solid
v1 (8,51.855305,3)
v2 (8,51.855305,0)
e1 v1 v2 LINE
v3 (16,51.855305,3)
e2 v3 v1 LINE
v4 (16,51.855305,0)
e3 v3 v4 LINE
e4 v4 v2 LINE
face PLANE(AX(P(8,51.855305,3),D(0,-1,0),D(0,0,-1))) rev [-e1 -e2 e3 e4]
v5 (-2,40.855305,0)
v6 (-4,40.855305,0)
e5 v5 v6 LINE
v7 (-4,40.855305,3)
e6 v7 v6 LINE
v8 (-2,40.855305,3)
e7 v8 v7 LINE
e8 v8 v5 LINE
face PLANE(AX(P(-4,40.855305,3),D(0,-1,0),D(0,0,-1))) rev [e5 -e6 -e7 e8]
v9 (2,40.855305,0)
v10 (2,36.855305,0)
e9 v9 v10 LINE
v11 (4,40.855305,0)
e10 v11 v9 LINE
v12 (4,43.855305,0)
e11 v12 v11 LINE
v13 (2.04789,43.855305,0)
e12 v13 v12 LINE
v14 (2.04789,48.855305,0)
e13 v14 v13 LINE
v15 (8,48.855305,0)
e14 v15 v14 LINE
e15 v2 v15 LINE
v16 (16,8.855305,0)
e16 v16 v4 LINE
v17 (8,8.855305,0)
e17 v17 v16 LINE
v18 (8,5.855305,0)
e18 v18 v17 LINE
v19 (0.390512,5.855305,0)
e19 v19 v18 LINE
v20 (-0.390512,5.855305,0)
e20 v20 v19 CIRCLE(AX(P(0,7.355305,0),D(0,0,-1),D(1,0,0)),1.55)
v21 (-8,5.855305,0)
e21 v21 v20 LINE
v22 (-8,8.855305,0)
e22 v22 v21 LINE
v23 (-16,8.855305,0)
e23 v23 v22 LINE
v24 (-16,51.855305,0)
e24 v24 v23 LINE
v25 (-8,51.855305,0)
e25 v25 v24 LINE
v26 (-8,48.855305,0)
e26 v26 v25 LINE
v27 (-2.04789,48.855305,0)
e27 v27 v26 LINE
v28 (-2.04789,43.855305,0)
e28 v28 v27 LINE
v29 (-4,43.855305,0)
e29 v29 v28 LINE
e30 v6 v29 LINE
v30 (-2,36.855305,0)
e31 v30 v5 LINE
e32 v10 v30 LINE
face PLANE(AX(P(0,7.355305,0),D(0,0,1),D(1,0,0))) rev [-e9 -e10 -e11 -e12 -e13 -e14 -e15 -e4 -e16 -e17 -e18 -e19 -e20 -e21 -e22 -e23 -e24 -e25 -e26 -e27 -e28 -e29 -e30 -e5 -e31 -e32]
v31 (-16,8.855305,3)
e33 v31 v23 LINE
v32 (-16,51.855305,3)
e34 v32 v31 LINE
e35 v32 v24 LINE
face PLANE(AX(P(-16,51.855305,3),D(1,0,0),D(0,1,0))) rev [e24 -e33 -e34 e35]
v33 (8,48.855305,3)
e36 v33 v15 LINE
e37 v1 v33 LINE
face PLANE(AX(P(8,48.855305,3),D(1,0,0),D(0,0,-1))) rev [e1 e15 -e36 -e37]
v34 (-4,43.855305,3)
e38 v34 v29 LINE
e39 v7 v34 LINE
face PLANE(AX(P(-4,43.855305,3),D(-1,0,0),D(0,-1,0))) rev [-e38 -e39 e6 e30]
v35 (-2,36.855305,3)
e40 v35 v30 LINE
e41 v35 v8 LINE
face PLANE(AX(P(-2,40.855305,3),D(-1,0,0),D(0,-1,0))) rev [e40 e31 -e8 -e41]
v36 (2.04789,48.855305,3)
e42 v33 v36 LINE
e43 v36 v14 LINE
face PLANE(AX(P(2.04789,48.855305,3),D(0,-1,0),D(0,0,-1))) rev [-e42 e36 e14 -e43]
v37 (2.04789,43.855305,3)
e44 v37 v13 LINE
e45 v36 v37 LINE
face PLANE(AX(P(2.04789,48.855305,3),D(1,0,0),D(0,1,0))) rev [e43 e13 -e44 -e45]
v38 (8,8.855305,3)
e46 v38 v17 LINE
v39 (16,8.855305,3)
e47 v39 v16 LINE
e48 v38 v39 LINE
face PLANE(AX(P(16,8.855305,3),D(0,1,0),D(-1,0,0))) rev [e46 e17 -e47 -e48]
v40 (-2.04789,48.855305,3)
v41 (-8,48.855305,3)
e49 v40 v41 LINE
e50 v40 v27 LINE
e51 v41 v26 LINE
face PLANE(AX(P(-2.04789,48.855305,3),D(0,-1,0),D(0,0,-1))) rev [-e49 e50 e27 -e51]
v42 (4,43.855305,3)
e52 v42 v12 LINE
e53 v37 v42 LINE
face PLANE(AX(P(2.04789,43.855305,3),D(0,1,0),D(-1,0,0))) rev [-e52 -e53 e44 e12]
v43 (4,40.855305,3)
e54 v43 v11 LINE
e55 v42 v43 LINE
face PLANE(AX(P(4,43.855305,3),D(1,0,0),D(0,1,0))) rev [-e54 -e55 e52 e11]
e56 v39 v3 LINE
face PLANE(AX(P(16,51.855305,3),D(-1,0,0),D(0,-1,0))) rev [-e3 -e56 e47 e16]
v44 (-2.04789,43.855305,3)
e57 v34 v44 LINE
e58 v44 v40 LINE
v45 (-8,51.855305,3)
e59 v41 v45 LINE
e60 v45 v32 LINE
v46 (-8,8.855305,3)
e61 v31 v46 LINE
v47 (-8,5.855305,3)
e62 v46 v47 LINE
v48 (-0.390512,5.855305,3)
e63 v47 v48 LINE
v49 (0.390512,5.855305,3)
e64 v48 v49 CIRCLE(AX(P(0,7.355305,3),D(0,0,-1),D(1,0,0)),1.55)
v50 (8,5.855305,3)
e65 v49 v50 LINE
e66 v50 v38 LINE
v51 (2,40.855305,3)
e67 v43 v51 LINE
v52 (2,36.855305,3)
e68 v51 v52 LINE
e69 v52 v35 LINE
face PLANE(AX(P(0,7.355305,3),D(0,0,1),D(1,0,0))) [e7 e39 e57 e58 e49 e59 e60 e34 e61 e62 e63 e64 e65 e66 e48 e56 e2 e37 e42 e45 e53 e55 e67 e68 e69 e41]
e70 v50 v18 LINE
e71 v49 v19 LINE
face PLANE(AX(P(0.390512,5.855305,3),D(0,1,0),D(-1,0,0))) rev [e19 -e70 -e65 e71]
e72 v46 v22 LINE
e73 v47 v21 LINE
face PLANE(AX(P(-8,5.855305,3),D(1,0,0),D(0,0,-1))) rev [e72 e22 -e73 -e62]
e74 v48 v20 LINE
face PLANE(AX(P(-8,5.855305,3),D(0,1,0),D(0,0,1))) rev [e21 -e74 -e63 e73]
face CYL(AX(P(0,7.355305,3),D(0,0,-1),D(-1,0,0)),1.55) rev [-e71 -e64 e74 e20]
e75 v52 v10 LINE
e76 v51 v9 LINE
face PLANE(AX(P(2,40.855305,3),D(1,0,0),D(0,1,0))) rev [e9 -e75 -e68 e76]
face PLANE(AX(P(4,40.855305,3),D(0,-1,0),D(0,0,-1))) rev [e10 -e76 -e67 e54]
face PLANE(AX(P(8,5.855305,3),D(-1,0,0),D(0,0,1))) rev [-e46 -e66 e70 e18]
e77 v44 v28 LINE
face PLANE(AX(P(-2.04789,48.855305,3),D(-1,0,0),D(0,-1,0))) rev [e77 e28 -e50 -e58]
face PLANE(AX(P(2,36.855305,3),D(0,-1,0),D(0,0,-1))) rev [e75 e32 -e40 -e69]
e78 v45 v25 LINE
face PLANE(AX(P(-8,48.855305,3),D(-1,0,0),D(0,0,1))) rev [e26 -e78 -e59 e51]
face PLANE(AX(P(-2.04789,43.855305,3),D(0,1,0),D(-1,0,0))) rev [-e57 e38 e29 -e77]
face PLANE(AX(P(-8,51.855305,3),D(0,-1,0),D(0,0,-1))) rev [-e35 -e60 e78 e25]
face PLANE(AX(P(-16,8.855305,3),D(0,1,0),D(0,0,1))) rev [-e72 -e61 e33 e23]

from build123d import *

# Parameters (mm, degrees)
EXTRUDE_1_DEPTH = 3


with BuildPart() as part:
    # 草图2 → 凸台-拉伸1 (new body)
    with BuildSketch(Plane.XY):
        with BuildLine():
            Line((2.047890023, 48.855305477), (8, 48.855305477))
            Line((8, 48.855305477), (8, 51.855305477))
            Line((8, 51.855305477), (16, 51.855305477))
            Line((16, 51.855305477), (16, 8.855305477))
            Line((16, 8.855305477), (8, 8.855305477))
            Line((8, 8.855305477), (8, 5.855305477))
            Line((8, 5.855305477), (0.390512484, 5.855305477))
            ThreePointArc((0.390512484, 5.855305477), (0, 8.905305477), (-0.390512484, 5.855305477))
            Line((-0.390512484, 5.855305477), (-8, 5.855305477))
            Line((-8, 5.855305477), (-8, 8.855305477))
            Line((-8, 8.855305477), (-16, 8.855305477))
            Line((-16, 8.855305477), (-16, 51.855305477))
            Line((-16, 51.855305477), (-8, 51.855305477))
            Line((-8, 51.855305477), (-8, 48.855305477))
            Line((-8, 48.855305477), (-2.047890023, 48.855305477))
            Line((-2.047890023, 48.855305477), (-2.047890023, 43.855305477))
            Line((-2.047890023, 43.855305477), (-4, 43.855305477))
            Line((-4, 43.855305477), (-4, 40.855305477))
            Line((-4, 40.855305477), (-2, 40.855305477))
            Line((-2, 40.855305477), (-2, 36.855305477))
            Line((-2, 36.855305477), (2, 36.855305477))
            Line((2, 36.855305477), (2, 40.855305477))
            Line((2, 40.855305477), (4, 40.855305477))
            Line((4, 40.855305477), (4, 43.855305477))
            Line((4, 43.855305477), (2.047890023, 43.855305477))
            Line((2.047890023, 43.855305477), (2.047890023, 48.855305477))
        make_face()
    extrude(amount=EXTRUDE_1_DEPTH)


solid = part.part
